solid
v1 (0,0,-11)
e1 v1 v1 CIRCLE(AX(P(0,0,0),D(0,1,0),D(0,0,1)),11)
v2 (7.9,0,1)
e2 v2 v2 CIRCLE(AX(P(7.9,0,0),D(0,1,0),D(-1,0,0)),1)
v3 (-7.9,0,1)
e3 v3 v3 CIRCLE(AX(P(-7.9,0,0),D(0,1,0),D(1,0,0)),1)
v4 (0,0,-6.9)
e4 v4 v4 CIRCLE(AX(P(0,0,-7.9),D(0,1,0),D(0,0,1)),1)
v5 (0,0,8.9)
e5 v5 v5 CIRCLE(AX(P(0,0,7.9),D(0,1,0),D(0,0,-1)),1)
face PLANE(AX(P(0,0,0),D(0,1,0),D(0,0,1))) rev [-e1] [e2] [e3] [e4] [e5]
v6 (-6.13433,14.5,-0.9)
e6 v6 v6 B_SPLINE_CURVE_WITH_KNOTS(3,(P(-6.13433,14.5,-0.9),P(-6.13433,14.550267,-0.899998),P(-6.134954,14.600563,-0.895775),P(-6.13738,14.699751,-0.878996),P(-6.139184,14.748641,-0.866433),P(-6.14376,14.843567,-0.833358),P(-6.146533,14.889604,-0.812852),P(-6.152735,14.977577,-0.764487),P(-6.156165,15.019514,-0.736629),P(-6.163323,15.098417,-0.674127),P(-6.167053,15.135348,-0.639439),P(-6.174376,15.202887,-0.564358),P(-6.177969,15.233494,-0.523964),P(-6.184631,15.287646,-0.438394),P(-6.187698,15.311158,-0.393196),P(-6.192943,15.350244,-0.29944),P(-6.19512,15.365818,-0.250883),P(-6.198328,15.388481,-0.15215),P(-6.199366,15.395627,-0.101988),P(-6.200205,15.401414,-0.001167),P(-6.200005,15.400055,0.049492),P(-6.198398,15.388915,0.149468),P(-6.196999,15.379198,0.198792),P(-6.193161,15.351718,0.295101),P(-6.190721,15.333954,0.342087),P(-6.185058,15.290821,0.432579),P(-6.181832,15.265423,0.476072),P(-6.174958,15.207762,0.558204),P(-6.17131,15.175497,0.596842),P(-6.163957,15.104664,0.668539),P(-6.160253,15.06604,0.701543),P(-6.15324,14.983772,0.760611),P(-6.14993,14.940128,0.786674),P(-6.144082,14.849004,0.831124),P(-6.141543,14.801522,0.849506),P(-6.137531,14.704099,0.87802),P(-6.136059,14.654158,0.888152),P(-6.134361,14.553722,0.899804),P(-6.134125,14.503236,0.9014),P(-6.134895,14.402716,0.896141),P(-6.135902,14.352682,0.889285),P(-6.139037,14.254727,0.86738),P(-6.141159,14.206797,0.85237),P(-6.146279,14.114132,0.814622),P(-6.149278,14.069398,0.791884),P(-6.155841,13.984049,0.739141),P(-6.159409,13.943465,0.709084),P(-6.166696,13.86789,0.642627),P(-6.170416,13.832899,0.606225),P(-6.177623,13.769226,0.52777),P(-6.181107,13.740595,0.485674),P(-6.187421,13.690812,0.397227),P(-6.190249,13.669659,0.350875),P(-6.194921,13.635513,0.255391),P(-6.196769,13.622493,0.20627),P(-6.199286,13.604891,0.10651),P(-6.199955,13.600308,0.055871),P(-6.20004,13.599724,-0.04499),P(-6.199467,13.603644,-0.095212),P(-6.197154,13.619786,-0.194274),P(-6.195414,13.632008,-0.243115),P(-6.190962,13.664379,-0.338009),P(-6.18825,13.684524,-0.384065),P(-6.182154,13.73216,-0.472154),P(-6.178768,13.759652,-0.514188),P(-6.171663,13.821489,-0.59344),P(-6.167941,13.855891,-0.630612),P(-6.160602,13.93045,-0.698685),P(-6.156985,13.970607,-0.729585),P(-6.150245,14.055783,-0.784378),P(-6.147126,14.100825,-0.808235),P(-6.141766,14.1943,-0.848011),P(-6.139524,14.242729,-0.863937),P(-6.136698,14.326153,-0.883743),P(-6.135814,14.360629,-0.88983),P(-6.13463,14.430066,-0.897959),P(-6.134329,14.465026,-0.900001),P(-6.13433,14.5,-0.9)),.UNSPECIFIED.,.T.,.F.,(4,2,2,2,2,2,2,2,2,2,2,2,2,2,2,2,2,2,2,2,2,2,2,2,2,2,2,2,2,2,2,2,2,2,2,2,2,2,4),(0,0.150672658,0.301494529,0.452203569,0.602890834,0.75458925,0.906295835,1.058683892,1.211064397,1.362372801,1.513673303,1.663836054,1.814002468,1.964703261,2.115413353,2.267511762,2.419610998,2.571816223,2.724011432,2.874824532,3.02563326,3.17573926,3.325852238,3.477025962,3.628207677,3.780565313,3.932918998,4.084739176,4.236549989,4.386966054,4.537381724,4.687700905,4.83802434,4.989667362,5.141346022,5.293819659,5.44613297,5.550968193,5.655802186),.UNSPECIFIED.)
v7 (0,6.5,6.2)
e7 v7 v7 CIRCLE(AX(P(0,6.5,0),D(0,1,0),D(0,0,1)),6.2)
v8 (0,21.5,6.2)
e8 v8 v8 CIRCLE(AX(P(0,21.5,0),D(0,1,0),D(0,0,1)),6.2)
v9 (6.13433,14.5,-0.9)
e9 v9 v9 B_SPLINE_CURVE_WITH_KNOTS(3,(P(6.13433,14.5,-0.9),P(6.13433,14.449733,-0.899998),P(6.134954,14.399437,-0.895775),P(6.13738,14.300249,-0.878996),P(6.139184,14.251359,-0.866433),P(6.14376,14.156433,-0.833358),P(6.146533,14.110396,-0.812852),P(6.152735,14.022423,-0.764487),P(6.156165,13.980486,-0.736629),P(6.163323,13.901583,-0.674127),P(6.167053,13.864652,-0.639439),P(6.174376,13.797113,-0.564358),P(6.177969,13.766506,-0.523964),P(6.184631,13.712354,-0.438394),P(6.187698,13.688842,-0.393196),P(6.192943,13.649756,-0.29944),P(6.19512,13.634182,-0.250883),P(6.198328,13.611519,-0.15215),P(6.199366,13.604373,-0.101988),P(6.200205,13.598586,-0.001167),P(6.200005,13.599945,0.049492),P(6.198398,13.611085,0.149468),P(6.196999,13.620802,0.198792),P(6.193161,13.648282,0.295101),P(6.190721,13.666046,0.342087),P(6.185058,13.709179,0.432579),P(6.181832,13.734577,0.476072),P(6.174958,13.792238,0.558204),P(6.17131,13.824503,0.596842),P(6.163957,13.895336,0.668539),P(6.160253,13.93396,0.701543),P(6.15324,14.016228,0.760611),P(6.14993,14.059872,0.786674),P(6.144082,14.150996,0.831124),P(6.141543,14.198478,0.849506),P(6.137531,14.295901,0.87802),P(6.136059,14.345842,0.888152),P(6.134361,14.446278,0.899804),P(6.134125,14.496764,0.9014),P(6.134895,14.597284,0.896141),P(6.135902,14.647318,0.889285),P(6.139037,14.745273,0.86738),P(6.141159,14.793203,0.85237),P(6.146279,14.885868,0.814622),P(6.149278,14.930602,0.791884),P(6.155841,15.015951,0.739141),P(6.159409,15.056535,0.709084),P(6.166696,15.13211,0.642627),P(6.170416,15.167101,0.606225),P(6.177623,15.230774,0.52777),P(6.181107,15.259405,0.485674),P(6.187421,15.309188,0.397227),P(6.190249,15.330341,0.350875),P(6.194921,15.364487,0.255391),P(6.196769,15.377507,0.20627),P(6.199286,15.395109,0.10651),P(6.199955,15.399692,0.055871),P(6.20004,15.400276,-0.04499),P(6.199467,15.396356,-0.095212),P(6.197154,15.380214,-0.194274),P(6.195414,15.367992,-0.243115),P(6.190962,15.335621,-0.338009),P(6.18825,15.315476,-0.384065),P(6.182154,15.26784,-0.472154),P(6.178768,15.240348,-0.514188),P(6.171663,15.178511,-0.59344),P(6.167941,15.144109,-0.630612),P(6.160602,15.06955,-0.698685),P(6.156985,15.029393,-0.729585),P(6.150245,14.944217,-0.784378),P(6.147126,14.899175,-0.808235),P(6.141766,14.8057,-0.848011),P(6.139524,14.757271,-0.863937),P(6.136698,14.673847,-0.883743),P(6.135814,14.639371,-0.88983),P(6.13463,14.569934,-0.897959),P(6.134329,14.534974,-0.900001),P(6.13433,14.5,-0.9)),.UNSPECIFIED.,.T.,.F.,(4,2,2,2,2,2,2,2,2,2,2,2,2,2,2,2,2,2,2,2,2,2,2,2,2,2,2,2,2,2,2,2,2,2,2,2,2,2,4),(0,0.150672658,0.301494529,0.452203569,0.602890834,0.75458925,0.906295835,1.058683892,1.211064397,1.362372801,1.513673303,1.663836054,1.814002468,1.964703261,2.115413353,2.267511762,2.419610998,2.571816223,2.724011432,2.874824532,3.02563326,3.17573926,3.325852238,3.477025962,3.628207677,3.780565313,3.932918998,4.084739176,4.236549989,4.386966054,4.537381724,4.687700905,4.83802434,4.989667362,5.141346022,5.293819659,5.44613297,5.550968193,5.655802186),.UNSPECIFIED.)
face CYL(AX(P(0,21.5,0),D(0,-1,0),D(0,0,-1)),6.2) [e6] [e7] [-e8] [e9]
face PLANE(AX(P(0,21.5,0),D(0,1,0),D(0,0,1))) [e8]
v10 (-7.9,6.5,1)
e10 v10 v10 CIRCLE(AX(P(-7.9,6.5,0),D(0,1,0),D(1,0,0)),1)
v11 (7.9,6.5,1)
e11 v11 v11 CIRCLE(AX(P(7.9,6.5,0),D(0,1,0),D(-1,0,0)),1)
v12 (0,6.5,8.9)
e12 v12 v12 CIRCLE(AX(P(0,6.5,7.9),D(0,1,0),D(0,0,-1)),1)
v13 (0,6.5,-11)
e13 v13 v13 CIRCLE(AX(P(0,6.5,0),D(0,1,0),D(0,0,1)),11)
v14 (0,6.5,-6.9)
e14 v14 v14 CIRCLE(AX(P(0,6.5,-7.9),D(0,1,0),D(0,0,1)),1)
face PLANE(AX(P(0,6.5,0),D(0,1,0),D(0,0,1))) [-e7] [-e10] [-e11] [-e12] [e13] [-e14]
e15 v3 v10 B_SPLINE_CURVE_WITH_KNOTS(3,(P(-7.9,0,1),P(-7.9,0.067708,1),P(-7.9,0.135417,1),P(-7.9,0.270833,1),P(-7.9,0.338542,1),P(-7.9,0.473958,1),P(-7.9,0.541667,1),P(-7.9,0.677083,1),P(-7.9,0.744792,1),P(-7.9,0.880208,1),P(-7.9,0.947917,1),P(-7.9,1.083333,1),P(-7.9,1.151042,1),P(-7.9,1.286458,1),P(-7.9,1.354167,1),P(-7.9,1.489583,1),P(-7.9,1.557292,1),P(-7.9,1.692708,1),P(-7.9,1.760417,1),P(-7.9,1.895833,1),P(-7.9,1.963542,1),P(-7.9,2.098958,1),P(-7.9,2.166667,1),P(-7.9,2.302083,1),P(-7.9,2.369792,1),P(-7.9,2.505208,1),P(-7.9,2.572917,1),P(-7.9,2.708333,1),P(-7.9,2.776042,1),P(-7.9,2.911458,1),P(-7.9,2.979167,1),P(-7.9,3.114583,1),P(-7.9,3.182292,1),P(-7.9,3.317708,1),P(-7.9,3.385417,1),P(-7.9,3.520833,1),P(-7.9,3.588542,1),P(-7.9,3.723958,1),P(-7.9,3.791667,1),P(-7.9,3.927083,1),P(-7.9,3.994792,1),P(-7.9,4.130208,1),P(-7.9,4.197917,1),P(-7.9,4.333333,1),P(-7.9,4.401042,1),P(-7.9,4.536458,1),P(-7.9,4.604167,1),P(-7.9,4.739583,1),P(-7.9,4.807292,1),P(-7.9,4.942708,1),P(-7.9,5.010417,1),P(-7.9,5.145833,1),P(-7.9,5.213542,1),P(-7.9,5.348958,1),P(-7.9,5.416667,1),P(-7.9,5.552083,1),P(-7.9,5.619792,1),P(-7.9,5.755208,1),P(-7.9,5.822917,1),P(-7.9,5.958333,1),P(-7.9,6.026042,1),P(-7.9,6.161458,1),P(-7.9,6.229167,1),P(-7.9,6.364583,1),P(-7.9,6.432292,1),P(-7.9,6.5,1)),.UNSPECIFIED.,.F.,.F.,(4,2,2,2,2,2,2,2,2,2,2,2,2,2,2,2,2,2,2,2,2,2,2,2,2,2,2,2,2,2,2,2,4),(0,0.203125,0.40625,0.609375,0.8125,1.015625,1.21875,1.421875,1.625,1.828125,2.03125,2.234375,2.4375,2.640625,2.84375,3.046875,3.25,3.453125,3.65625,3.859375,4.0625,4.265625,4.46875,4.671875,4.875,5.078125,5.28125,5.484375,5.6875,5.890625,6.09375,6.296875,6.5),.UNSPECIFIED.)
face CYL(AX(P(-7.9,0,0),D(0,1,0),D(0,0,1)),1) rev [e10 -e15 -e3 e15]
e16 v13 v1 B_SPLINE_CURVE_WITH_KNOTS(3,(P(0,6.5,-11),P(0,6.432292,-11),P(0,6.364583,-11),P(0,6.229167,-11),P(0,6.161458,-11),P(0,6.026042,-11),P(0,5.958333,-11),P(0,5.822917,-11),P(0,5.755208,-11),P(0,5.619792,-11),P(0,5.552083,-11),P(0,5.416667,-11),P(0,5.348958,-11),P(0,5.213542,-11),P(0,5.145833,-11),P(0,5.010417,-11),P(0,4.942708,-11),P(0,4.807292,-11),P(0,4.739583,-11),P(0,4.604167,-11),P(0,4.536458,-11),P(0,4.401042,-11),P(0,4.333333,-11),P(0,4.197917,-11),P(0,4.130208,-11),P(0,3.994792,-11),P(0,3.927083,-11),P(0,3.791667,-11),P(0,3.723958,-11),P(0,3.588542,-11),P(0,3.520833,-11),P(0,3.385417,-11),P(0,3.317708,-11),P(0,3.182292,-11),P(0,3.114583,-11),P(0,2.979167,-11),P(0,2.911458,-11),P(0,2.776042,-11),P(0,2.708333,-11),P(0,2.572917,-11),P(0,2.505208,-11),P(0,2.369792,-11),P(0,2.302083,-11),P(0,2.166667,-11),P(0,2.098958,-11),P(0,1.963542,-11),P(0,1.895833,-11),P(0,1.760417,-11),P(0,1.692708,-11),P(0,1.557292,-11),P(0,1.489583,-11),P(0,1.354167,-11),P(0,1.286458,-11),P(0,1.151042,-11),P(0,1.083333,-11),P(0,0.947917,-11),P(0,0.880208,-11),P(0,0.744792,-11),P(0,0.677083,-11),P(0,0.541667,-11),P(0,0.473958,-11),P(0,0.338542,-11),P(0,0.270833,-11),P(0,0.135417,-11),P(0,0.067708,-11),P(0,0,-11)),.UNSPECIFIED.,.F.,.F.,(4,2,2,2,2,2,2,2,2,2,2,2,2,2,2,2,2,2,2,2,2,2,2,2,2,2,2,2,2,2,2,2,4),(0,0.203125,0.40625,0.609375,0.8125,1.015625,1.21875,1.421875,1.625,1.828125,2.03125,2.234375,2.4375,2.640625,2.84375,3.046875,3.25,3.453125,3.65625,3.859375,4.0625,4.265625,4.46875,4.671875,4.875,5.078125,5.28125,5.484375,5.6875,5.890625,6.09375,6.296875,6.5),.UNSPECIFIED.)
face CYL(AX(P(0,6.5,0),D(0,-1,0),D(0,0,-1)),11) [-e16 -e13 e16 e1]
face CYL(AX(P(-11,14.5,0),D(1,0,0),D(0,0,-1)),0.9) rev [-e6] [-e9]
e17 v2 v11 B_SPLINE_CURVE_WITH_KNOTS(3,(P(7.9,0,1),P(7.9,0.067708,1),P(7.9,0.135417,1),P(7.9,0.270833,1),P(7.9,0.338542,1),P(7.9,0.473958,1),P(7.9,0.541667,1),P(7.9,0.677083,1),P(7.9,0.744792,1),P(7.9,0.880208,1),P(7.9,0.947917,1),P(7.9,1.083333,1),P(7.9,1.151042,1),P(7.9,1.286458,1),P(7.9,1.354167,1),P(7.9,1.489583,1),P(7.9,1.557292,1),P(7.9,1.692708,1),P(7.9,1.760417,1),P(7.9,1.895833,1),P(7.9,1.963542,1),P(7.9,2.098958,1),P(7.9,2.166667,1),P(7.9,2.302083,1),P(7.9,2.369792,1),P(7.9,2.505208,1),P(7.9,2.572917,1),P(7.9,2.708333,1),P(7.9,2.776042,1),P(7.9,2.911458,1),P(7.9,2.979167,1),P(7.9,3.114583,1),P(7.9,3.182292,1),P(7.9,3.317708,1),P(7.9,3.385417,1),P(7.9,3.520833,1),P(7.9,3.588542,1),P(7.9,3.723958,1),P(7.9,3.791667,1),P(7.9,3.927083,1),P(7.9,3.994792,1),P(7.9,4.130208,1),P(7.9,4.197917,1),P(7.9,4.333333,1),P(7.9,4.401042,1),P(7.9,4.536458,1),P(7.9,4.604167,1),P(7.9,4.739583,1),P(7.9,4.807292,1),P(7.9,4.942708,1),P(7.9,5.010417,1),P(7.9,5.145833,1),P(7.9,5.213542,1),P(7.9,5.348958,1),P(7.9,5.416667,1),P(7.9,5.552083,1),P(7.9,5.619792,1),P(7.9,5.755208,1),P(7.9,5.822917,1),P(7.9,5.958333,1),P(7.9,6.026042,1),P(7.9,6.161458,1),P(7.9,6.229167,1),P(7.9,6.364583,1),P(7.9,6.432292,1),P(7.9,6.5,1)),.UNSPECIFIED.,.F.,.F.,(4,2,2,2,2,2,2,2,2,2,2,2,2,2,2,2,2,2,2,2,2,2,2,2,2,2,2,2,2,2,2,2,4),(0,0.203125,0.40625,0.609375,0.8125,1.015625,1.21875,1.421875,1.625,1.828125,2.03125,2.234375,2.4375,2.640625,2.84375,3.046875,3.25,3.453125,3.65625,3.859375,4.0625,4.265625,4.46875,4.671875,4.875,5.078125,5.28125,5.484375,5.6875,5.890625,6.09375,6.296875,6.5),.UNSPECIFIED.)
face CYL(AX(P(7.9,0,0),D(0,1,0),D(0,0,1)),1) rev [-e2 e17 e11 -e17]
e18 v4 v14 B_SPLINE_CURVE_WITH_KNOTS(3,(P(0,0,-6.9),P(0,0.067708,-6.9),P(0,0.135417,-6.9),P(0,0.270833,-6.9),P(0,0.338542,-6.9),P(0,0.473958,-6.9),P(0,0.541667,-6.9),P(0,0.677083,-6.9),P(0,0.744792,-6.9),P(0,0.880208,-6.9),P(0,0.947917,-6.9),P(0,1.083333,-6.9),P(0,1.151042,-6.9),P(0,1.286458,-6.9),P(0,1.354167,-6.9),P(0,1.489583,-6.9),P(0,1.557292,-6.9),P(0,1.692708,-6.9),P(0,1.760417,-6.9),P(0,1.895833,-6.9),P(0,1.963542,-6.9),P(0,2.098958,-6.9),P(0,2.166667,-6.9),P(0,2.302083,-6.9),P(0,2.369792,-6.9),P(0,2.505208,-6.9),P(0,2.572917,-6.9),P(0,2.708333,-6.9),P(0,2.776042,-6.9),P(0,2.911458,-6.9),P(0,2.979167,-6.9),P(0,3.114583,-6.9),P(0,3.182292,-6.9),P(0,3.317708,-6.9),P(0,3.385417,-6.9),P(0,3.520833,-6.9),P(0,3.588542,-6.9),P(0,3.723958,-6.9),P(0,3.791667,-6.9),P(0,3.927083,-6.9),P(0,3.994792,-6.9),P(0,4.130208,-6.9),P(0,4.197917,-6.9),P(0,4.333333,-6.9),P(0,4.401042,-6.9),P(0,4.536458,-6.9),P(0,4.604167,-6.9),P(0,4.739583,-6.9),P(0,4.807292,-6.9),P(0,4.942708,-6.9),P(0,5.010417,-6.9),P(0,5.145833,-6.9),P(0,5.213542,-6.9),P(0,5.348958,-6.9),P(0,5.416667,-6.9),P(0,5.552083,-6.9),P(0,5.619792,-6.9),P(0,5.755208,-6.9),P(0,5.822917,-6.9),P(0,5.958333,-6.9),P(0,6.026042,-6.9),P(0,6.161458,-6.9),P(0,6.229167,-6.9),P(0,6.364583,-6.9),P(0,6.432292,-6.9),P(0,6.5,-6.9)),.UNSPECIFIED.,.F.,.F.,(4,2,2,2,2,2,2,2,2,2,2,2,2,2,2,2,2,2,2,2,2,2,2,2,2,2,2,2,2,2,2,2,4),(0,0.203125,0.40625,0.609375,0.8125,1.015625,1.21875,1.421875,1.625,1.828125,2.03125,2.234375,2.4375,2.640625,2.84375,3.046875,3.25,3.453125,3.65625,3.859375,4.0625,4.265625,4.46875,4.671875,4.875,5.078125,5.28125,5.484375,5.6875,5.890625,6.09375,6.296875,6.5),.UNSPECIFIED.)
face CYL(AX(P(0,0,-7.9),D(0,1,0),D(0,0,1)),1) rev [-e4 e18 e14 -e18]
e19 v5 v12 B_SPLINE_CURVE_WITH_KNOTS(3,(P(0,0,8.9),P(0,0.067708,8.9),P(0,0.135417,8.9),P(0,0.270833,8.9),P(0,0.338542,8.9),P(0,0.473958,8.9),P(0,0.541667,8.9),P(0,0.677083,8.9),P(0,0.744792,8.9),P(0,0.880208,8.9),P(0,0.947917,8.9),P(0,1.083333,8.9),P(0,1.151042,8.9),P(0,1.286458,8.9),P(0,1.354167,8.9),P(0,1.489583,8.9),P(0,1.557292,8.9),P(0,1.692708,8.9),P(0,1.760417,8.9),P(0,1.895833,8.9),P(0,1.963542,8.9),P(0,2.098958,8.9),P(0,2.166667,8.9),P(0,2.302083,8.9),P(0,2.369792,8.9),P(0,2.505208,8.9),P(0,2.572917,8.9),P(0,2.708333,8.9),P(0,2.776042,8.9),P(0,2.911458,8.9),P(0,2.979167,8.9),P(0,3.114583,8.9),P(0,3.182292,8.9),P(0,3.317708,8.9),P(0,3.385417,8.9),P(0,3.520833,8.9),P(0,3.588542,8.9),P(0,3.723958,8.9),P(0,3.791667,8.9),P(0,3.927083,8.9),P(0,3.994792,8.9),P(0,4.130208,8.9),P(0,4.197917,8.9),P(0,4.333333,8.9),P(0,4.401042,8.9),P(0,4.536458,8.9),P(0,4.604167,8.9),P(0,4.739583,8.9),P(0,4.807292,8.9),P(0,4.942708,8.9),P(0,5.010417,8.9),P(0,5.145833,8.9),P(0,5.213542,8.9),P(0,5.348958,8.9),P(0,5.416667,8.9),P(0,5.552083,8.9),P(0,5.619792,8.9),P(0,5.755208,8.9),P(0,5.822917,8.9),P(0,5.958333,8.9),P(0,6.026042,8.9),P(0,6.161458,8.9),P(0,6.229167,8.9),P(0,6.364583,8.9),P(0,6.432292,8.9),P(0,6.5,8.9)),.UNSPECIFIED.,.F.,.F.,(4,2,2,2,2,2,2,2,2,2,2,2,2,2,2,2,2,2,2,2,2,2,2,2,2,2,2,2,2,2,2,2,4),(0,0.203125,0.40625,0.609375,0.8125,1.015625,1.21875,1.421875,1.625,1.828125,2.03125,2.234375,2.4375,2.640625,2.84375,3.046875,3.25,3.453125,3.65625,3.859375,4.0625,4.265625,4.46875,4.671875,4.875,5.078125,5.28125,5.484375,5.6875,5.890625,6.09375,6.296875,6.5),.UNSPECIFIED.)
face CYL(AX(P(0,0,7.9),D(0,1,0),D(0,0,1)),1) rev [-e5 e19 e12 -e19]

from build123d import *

# Parameters (mm, degrees)
SKETCH1_R               = 11
BOSS_EXTRUDE1_DEPTH     = 6.5
SKETCH2_R               = 1
CUT_EXTRUDE1_DEPTH      = 17.8597153
CIRPATTERN1_COUNT       = 4
SKETCH3_R               = 6.2
BOSS_EXTRUDE2_DEPTH     = 15
CUT_EXTRUDE2_DEPTH      = 27.537709019
CUT_EXTRUDE2_DEPTH_BACK = 27.537709019
SKETCH4_R               = 0.9


with BuildPart() as part:
    # Sketch1 → Boss-Extrude1 (new body)
    with BuildSketch(Plane(origin=(0, 0, 0), x_dir=(1, 0, 0), z_dir=(0, 1, 0))):
        Circle(SKETCH1_R)
    extrude(amount=BOSS_EXTRUDE1_DEPTH)

    # Sketch2 → Cut-Extrude1 (cut, through all)
    with BuildSketch(Plane(origin=(0, 6.5, 0), x_dir=(1, 0, 0), z_dir=(0, 1, 0))):
        with Locations((0, 7.9)):
            Circle(SKETCH2_R)
    cut_extrude1 = extrude(amount=-CUT_EXTRUDE1_DEPTH, mode=Mode.SUBTRACT)

    # CirPattern1: Cut-Extrude1 ×4 about axis
    cirpattern1_axis = Axis((0, 6.5, 0), (0, -1, 0))
    for i in range(1, CIRPATTERN1_COUNT):
        add(cut_extrude1.rotate(cirpattern1_axis, i * 360 / CIRPATTERN1_COUNT), mode=Mode.SUBTRACT)

    # Sketch3 → Boss-Extrude2 (add)
    with BuildSketch(Plane(origin=(0, 6.5, 0), x_dir=(1, 0, 0), z_dir=(0, 1, 0))):
        Circle(SKETCH3_R)
    extrude(amount=BOSS_EXTRUDE2_DEPTH)

    # Sketch4 → Cut-Extrude2 (cut, two sides: drawn at the far end of the back side and taken through both)
    with BuildSketch(Plane(origin=(0, 0, 0), x_dir=(0, 0, -1), z_dir=(1, 0, 0)).offset(-CUT_EXTRUDE2_DEPTH_BACK)):
        with Locations((0, 14.5)):
            Circle(SKETCH4_R)
    extrude(amount=CUT_EXTRUDE2_DEPTH + CUT_EXTRUDE2_DEPTH_BACK, mode=Mode.SUBTRACT)


solid = part.part
